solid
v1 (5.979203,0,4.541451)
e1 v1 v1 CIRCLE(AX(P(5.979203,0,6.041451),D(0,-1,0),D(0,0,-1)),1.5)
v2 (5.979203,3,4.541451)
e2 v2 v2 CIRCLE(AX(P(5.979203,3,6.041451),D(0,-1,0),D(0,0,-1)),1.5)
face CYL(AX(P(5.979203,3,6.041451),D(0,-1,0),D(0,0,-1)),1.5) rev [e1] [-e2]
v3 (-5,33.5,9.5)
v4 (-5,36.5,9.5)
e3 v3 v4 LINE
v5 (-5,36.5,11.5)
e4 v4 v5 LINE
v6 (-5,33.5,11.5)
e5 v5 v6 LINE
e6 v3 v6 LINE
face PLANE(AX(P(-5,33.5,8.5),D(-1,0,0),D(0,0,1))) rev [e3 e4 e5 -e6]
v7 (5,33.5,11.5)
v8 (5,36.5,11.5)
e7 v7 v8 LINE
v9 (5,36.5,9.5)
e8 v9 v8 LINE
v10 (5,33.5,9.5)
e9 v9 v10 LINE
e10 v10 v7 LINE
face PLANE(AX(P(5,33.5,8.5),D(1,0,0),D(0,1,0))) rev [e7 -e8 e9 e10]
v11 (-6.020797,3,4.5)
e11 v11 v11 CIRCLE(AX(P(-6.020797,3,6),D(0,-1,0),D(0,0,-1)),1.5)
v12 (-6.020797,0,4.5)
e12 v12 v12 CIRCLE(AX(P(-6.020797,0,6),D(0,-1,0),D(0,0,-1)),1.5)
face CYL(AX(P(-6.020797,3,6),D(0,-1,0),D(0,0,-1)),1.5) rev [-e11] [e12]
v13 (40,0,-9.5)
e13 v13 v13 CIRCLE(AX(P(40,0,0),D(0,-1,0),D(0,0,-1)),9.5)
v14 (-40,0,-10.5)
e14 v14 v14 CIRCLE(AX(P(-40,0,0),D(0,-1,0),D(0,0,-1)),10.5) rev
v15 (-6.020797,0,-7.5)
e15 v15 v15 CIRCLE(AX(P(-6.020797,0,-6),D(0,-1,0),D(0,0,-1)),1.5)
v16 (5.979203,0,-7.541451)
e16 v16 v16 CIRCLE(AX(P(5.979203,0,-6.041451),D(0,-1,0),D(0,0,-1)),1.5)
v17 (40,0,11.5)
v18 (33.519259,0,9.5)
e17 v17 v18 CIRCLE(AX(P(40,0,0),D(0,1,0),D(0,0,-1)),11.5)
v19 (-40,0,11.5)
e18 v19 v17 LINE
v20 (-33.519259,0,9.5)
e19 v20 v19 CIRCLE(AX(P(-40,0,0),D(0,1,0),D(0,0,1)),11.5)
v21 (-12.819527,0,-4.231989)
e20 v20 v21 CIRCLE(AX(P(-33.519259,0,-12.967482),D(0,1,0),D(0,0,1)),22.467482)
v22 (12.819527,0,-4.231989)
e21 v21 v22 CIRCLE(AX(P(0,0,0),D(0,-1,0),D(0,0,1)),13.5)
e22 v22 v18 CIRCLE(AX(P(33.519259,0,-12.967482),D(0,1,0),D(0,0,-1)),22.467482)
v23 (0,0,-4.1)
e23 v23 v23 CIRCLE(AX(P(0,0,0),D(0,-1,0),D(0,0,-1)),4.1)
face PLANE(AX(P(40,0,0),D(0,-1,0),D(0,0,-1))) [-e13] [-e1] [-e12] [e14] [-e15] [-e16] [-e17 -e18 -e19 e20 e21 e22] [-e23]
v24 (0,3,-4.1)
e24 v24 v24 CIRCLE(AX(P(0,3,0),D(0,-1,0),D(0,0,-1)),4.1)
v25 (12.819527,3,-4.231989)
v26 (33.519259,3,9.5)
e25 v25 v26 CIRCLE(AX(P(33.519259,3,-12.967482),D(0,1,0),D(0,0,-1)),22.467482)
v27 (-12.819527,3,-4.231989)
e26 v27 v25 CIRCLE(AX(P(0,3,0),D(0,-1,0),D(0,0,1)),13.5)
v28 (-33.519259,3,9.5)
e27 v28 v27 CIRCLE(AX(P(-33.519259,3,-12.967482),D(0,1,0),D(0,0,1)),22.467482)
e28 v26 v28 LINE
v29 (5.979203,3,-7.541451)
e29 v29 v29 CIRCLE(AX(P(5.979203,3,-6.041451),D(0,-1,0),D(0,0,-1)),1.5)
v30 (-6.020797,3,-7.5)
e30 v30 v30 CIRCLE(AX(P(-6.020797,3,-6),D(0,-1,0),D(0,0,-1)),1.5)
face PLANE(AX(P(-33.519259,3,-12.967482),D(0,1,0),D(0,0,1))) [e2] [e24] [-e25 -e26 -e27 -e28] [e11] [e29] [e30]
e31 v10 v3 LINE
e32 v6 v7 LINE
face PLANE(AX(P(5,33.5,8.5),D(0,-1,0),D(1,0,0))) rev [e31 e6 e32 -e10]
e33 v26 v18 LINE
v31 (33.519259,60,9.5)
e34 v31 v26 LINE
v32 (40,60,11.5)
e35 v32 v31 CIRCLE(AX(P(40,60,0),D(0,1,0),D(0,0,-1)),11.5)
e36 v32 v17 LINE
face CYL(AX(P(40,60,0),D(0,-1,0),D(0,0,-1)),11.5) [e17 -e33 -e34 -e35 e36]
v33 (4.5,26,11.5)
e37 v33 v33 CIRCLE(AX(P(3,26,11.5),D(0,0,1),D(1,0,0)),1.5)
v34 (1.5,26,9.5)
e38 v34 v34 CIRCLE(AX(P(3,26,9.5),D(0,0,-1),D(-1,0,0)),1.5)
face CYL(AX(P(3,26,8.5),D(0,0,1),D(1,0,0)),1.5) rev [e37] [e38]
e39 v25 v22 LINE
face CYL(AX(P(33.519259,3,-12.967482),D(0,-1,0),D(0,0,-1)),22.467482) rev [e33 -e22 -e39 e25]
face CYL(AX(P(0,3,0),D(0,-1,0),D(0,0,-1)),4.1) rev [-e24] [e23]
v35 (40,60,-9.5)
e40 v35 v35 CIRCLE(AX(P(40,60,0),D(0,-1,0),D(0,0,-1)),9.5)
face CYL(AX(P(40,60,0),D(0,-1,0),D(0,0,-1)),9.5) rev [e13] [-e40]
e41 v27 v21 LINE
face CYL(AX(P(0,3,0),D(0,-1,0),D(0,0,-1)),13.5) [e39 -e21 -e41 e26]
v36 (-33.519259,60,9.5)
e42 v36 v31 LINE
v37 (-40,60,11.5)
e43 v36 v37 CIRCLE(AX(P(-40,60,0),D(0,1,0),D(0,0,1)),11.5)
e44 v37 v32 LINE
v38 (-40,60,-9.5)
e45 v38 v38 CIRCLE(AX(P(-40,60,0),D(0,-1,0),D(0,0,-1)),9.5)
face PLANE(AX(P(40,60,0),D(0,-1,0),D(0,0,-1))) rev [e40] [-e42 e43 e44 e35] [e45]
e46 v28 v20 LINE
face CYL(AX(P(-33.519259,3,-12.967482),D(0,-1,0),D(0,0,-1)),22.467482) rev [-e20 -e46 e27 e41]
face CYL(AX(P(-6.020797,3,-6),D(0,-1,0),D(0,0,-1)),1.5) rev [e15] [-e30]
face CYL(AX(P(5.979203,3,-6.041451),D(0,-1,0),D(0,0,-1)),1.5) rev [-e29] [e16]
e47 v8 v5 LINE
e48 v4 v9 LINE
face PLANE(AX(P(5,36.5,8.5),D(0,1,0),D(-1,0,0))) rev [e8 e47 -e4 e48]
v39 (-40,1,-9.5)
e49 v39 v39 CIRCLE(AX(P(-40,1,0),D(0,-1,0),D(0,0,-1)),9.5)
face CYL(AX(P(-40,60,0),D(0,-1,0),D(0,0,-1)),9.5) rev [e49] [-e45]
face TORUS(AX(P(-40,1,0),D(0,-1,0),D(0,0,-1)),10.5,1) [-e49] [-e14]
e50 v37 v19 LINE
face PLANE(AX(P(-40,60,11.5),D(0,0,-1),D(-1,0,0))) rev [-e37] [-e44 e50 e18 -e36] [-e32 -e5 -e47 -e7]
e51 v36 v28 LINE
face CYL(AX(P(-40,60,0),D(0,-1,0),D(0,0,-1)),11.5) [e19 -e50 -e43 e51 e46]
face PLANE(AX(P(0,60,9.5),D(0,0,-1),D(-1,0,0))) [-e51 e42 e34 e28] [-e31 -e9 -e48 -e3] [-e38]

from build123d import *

# Parameters (mm, degrees)
BOSS_EXTRUDE1_DEPTH = 60
SKETCH2_R           = 9.5
CUT_EXTRUDE1_DEPTH  = 60
CUT_EXTRUDE2_DEPTH  = 60
BOSS_EXTRUDE3_DEPTH = 3
SKETCH5_R           = 4.1
CUT_EXTRUDE3_DEPTH  = 3
SKETCH6_R           = 1.5
CUT_EXTRUDE4_DEPTH  = 3
SKETCH8_R           = 1.5
SKETCH8_W           = 10
SKETCH8_H           = 3
CUT_EXTRUDE5_DEPTH  = 3
FILLET1_R           = 1


with BuildPart() as part:
    # Sketch1 → Boss-Extrude1 (new body)
    with BuildSketch(Plane(origin=(0, 0, 0), x_dir=(1, 0, 0), z_dir=(0, 1, 0))):
        with BuildLine():
            Line((-40, 11.5), (40, 11.5))
            ThreePointArc((40, 11.5), (51.5, 0), (40, -11.5))
            Line((40, -11.5), (-40, -11.5))
            ThreePointArc((-40, -11.5), (-51.5, 0), (-40, 11.5))
        make_face()
    extrude(amount=BOSS_EXTRUDE1_DEPTH)

    # Sketch2 → Cut-Extrude1 (cut)
    with BuildSketch(Plane.XZ):
        with Locations(Location((-40, 0, 0), (0, 0, 270))):
            Circle(SKETCH2_R)
        with Locations(Location((40, 0, 0), (0, 0, 270))):
            Circle(SKETCH2_R)
    extrude(amount=-CUT_EXTRUDE1_DEPTH, mode=Mode.SUBTRACT)

    # Sketch3 → Cut-Extrude2 (cut)
    with BuildSketch(Plane.XZ):
        with BuildLine():
            Line((33.519259302, 9.5), (-33.519259302, 9.5))
            ThreePointArc((-33.519259302, 9.5), (-29.831949104, 5.372219372), (-28.5, 0))
            ThreePointArc((-28.5, 0), (-31.868272016, -8.131727984), (-40, -11.5))
            Line((-40, -11.5), (40, -11.5))
            ThreePointArc((40, -11.5), (29.011369512, -3.391164992), (33.519259302, 9.5))
        make_face()
    extrude(amount=-CUT_EXTRUDE2_DEPTH, mode=Mode.SUBTRACT)

    # Sketch4 → Boss-Extrude3 (add)
    with BuildSketch(Plane.XZ):
        with BuildLine():
            Line((-33.519259302, 9.5), (33.519259302, 9.5))
            ThreePointArc((33.519259302, 9.5), (21.099049386, 5.75486124), (12.819526766, -4.231989308))
            ThreePointArc((12.819526766, -4.231989308), (0, -13.5), (-12.819526766, -4.231989308))
            ThreePointArc((-12.819526766, -4.231989308), (-21.099049386, 5.75486124), (-33.519259302, 9.5))
        make_face()
    extrude(amount=-BOSS_EXTRUDE3_DEPTH)

    # Sketch5 → Cut-Extrude3 (cut)
    with BuildSketch(Plane.XZ):
        with Locations(Location((0, 0, 0), (0, 0, 270))):
            Circle(SKETCH5_R)
    extrude(amount=-CUT_EXTRUDE3_DEPTH, mode=Mode.SUBTRACT)

    # Sketch6 → Cut-Extrude4 (cut)
    with BuildSketch(Plane.XZ):
        with Locations(Location((5.979202711, -6.041451394, 0), (0, 0, 270))):
            Circle(SKETCH6_R)
        with Locations(Location((-6.020797289, -6, 0), (0, 0, 270))):
            Circle(SKETCH6_R)
        with Locations(Location((-6.020797289, 6, 0), (0, 0, 270))):
            Circle(SKETCH6_R)
        with Locations(Location((5.979202711, 6.041451394, 0), (0, 0, 270))):
            Circle(SKETCH6_R)
    extrude(amount=-CUT_EXTRUDE4_DEPTH, mode=Mode.SUBTRACT)

    # Sketch8 → Cut-Extrude5 (cut)
    with BuildSketch(Plane.XY.offset(11.5)):
        with Locations((3, 26)):
            Circle(SKETCH8_R)
        with Locations((0, 35)):
            Rectangle(SKETCH8_W, SKETCH8_H)
    extrude(amount=-CUT_EXTRUDE5_DEPTH, mode=Mode.SUBTRACT)

    # Fillet1
    fillet1_edges = [part.edges().sort_by_distance(p)[0] for p in [
        (-40, 0, 9.5),
    ]]
    fillet(fillet1_edges, radius=FILLET1_R)


solid = part.part
